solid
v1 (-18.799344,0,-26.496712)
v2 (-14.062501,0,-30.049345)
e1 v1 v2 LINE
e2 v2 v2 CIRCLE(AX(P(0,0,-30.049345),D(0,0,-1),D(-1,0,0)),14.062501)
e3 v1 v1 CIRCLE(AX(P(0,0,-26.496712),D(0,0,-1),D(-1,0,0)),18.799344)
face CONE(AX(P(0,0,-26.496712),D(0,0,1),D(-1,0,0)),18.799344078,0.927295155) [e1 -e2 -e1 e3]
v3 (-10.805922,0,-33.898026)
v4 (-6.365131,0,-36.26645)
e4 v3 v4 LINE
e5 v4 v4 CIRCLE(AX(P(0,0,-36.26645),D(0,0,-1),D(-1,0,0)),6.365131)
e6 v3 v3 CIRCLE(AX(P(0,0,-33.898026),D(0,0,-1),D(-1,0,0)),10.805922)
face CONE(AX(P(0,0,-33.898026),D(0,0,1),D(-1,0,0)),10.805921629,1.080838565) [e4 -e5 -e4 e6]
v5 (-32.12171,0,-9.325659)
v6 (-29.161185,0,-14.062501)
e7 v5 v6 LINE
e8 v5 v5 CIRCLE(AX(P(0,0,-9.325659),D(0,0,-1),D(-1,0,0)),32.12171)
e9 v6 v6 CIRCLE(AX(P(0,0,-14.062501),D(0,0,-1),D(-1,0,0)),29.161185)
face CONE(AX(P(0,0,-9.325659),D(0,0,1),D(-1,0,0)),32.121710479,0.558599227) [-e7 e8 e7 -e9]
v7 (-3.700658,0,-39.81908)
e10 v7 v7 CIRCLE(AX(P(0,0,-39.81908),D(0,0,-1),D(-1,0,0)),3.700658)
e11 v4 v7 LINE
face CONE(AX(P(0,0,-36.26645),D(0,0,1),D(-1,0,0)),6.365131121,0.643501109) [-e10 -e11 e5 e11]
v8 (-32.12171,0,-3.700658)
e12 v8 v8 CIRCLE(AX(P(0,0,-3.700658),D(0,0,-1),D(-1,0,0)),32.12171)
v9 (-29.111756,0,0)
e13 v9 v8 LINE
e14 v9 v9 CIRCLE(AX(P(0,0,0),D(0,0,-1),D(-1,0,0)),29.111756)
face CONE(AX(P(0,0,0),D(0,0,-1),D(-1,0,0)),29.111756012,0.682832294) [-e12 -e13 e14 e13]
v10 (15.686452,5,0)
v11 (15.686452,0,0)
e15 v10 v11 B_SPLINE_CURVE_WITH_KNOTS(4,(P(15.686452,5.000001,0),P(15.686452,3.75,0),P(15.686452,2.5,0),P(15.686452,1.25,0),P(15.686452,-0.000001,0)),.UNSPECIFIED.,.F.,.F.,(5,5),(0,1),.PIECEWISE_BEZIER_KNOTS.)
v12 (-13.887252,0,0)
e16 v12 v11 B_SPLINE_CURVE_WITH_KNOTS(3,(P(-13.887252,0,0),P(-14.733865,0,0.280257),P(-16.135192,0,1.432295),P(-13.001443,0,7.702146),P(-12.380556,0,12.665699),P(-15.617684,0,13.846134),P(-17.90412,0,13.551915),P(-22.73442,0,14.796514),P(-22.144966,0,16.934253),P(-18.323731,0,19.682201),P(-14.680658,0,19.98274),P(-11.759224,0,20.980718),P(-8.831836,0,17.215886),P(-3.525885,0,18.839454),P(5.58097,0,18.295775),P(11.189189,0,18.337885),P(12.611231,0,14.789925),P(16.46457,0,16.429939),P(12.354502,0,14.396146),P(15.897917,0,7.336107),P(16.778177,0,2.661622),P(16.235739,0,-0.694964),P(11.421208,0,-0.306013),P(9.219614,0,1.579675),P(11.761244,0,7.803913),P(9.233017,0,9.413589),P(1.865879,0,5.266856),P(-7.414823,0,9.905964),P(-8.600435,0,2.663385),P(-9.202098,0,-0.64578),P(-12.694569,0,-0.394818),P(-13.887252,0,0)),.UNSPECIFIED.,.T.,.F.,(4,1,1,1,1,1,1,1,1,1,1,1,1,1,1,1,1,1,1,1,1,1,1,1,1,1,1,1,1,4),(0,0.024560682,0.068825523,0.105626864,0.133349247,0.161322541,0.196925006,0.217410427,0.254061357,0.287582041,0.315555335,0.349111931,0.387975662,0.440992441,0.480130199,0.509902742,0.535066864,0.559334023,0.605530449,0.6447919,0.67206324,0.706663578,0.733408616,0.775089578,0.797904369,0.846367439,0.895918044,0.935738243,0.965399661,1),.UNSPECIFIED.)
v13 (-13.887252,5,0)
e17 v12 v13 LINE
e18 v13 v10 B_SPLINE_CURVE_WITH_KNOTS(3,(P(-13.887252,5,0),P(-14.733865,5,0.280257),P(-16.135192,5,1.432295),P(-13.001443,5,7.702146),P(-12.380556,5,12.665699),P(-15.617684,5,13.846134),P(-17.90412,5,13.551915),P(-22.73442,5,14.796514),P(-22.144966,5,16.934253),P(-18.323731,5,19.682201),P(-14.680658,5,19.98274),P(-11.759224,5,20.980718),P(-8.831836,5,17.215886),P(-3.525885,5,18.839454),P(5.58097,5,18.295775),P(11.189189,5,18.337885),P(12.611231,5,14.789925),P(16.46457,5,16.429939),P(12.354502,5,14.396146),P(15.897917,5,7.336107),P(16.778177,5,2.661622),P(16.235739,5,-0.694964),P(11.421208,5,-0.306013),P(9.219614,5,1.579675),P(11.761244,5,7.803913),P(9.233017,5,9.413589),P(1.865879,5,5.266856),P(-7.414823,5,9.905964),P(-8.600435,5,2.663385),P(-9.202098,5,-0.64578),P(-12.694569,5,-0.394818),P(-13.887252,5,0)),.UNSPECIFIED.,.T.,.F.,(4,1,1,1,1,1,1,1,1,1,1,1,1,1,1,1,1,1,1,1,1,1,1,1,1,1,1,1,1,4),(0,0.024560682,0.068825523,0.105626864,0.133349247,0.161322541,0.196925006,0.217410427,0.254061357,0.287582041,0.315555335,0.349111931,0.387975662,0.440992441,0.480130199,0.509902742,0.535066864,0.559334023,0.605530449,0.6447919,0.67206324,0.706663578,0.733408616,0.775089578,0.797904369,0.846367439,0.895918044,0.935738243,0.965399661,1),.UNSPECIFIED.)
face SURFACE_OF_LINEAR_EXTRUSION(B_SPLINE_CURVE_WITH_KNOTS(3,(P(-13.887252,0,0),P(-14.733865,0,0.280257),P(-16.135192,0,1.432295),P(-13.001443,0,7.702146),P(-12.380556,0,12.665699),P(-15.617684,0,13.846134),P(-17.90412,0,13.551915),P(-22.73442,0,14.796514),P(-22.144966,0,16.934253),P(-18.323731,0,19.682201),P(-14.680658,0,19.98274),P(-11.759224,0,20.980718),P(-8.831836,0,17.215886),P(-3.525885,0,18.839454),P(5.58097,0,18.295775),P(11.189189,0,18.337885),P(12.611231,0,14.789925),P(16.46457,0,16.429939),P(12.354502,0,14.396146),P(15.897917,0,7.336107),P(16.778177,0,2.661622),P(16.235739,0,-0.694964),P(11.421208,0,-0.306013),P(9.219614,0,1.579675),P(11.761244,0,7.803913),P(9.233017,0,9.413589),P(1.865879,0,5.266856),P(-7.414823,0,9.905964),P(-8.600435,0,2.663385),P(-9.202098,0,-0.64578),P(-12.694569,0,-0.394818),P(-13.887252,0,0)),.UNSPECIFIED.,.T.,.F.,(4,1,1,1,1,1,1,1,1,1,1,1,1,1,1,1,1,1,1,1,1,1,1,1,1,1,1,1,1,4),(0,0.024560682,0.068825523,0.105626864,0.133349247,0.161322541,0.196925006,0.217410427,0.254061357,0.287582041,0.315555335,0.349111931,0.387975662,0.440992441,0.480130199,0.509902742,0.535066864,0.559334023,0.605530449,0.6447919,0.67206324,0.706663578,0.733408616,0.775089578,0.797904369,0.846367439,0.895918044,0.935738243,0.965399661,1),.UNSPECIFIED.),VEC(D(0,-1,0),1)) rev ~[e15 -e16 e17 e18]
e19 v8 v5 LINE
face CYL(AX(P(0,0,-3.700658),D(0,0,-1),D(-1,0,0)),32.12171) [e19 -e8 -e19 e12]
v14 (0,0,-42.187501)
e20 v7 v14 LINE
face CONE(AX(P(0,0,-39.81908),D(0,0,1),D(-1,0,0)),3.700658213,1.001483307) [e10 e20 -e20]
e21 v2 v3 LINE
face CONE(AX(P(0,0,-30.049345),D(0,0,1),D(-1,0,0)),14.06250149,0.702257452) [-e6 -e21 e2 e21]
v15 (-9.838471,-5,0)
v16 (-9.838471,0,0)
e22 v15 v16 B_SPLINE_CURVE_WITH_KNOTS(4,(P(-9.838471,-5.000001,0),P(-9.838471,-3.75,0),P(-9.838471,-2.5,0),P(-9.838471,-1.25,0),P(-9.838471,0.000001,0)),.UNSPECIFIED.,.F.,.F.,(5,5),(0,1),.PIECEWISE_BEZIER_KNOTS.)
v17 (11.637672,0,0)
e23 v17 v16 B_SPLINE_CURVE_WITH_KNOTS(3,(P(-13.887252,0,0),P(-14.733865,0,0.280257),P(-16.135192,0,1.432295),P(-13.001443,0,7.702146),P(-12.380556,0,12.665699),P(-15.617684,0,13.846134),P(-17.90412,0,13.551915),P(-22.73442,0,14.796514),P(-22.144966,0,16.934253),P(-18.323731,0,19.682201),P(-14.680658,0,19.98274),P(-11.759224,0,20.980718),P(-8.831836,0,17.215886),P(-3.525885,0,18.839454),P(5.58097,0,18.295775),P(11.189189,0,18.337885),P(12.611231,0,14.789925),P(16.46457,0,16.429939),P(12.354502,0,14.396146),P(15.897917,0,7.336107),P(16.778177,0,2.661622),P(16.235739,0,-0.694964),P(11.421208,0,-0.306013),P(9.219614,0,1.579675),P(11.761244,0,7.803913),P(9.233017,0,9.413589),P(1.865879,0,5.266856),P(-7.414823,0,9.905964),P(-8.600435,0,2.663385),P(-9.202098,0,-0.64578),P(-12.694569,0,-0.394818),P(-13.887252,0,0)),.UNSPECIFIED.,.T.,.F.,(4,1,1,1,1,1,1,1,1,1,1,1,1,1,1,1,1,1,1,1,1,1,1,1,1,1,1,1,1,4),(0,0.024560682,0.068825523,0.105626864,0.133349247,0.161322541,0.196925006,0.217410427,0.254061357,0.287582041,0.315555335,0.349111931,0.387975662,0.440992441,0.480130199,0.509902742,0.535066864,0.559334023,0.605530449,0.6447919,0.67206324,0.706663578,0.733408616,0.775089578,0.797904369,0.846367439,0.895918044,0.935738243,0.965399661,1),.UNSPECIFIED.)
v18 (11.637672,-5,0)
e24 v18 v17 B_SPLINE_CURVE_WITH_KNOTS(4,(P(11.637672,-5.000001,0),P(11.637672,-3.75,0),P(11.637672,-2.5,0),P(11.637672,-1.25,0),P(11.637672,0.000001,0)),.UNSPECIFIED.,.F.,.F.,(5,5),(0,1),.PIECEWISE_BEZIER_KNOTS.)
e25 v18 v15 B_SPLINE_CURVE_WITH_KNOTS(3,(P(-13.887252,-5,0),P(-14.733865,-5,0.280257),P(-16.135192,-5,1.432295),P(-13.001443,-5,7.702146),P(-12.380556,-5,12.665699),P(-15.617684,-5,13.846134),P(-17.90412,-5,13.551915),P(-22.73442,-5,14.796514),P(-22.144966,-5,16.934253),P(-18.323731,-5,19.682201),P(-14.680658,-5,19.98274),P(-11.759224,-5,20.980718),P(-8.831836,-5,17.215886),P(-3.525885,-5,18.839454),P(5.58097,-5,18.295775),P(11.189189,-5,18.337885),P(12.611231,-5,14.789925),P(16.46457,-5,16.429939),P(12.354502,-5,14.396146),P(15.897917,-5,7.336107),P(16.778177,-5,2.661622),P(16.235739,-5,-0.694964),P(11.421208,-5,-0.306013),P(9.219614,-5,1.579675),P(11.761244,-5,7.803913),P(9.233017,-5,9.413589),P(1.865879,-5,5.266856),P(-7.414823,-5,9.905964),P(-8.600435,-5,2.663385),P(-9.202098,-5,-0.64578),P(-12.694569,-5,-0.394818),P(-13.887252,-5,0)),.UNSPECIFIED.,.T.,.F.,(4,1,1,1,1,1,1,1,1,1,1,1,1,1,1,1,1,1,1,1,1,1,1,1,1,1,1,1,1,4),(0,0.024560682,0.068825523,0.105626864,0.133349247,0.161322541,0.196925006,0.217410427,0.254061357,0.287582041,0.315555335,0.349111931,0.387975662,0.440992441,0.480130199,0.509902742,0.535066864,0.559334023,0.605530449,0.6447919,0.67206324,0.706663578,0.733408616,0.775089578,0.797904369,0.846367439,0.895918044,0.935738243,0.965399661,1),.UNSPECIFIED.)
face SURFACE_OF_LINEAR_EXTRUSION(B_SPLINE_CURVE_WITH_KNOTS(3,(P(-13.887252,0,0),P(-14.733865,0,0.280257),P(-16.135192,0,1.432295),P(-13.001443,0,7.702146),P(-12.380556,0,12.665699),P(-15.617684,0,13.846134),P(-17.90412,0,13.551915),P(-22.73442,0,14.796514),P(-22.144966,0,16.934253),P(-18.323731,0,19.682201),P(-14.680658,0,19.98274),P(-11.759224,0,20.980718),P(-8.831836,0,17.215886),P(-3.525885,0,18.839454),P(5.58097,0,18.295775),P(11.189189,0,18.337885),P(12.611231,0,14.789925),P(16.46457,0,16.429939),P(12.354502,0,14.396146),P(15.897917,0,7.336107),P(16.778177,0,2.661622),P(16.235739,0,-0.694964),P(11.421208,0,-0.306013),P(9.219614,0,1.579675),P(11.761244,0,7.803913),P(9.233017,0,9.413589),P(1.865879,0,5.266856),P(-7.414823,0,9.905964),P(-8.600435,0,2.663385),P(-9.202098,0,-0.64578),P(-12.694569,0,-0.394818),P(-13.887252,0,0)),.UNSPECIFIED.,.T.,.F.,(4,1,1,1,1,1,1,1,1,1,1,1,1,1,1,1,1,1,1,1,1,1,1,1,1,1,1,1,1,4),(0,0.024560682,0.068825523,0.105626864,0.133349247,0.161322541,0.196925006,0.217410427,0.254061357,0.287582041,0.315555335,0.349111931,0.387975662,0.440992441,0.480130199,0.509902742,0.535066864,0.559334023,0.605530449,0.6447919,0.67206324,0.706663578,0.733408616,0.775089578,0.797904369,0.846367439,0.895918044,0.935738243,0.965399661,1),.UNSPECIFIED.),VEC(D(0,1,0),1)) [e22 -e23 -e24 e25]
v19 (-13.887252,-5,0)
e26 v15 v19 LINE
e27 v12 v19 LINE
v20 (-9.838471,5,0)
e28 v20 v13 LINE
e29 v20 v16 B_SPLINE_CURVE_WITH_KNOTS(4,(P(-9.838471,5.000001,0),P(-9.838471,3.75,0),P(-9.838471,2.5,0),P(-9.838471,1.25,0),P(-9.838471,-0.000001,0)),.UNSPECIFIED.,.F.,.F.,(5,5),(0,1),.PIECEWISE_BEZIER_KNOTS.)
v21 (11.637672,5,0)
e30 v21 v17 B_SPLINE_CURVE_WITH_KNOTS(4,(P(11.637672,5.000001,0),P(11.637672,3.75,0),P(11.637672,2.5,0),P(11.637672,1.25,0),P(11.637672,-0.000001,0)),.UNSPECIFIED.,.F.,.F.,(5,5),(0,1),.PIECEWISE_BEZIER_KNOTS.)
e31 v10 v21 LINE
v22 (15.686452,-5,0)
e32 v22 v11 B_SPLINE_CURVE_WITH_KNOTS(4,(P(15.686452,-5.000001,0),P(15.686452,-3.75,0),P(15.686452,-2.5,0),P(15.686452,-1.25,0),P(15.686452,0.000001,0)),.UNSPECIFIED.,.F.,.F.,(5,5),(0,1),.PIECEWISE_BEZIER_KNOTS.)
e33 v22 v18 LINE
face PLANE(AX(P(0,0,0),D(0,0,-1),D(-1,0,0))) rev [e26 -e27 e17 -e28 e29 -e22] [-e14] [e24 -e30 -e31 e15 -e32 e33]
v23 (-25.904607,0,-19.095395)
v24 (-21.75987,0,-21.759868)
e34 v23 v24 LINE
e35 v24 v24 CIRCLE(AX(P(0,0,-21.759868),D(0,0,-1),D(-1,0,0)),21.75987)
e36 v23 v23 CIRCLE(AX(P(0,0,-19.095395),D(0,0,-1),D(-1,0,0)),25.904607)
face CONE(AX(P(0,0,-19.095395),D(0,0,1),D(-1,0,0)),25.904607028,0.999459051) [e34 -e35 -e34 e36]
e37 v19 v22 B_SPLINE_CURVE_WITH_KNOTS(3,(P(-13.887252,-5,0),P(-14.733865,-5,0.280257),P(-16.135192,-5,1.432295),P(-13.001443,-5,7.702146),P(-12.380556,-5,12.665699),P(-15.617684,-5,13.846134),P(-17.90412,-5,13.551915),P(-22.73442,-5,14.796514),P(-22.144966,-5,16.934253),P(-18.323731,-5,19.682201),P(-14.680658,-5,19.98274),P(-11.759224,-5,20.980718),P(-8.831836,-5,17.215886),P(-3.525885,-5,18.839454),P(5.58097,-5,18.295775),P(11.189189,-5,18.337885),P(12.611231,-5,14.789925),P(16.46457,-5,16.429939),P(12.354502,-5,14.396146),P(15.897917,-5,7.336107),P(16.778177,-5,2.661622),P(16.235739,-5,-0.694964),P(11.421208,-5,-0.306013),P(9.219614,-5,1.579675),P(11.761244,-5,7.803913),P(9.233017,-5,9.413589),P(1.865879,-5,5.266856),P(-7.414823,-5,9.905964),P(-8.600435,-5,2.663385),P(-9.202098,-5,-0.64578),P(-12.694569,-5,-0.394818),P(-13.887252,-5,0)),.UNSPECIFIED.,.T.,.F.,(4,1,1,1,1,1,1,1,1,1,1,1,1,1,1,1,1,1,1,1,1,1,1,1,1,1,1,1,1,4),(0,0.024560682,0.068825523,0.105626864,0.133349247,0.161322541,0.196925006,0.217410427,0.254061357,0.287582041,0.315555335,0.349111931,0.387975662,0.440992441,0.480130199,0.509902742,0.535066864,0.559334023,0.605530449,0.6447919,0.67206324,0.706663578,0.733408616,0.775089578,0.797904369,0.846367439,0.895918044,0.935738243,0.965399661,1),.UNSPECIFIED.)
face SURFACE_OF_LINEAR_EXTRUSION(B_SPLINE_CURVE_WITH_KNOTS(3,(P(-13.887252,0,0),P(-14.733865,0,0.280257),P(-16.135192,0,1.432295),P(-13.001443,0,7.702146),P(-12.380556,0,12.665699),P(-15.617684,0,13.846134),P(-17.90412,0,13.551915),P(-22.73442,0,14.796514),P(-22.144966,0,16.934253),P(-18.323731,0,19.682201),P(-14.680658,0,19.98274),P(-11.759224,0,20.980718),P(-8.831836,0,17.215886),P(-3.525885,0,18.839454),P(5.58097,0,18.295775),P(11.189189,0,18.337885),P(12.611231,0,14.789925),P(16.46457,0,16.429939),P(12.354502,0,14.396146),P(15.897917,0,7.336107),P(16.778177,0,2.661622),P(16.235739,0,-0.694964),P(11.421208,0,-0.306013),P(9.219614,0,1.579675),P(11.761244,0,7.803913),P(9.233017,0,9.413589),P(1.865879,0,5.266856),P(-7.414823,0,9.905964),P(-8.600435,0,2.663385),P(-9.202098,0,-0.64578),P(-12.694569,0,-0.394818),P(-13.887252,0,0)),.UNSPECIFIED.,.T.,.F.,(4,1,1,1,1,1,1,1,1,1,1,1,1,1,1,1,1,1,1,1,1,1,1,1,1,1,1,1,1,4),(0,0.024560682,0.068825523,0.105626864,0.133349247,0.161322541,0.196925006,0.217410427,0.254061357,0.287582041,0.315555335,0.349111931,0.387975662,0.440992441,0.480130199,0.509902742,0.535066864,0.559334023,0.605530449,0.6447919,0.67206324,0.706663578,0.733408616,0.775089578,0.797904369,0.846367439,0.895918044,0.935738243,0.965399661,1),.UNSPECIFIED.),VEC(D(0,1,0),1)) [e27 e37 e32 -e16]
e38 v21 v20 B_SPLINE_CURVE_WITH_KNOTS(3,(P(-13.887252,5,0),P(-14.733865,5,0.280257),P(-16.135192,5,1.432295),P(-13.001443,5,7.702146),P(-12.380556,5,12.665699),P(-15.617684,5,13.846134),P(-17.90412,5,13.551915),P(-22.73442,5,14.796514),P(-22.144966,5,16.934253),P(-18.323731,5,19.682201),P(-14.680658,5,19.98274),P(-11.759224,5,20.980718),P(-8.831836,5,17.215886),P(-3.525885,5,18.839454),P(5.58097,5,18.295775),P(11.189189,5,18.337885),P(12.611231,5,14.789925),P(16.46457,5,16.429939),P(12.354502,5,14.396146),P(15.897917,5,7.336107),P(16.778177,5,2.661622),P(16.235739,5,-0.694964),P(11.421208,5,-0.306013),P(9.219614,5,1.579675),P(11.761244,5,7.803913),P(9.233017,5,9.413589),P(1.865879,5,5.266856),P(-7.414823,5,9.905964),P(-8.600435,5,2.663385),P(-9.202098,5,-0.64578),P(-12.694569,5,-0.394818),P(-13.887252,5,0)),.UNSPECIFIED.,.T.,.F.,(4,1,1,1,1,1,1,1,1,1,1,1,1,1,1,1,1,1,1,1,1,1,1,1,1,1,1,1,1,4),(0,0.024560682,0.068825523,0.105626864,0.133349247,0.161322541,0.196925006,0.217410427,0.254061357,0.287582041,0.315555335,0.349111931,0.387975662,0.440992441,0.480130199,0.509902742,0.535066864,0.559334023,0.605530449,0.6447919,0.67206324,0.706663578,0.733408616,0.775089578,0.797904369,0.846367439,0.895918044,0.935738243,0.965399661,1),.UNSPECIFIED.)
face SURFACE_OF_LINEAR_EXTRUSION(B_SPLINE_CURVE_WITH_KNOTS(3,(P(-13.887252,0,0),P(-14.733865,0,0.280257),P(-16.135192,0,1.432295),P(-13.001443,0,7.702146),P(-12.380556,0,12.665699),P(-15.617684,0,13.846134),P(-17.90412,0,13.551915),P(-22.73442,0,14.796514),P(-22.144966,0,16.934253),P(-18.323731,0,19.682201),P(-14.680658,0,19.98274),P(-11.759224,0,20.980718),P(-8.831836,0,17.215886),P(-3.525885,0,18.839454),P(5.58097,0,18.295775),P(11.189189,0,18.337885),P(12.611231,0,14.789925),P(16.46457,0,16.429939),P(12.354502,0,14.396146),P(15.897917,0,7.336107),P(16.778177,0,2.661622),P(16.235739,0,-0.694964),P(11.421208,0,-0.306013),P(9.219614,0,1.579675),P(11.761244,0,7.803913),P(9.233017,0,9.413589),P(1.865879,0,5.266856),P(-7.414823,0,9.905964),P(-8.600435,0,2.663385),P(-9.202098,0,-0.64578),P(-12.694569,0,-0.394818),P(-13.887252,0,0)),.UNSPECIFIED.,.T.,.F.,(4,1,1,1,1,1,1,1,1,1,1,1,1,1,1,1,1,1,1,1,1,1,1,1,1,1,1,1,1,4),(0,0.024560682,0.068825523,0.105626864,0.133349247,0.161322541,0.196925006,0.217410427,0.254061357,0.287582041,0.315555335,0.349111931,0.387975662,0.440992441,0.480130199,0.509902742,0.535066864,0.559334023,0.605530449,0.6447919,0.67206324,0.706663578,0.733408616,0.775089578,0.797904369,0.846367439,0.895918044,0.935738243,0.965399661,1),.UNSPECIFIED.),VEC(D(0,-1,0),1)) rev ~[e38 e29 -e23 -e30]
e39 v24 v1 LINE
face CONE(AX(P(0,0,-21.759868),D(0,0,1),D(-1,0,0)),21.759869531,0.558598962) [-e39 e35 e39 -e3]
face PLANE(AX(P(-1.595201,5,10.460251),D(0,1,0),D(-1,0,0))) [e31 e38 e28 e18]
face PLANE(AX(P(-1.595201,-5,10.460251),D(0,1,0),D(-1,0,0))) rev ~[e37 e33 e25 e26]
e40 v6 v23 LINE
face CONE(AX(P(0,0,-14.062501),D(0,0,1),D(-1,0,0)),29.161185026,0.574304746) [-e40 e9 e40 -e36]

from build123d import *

# Parameters (mm, degrees)
F3_DEPTH = 5


with BuildPart() as f1:
    # F0 (on Front) → F1 (revolve)
    with BuildSketch(Plane.XZ):
        Polygon((0, -42.1875007451), (0, 0), (-29.1117560118, 0), (-32.1217104793, -3.7006579805), (-32.1217104793, -9.3256589025), (-29.1611850262, -14.0625005588), (-25.9046070278, -19.0953947604), (-21.7598695308, -21.7598676682), (-18.7993440777, -26.4967121184), (-14.0625014901, -30.0493445247), (-10.8059216291, -33.8980257511), (-6.3651311211, -36.2664498389), (-3.7006582133, -39.8190803826), align=None)
    revolve(axis=Axis((0, 0, -21.0937503725), (0, 0, -1)))

    # F2 (on Front) → F3 (join, symmetric)
    with BuildSketch(Plane.XZ):
        with BuildLine():
            add(Edge.make_bspline(
                [(-13.8872517273, 0), (-14.7338649614, 0.2802574691), (-16.1351915345, 1.4322954203), (-13.0014427194, 7.7021457808), (-12.3805560981, 12.6656989052), (-15.6176840346, 13.8461338075), (-17.9041195375, 13.5519152703), (-22.734419669, 14.7965138251), (-22.1449656487, 16.934252702), (-18.3237309805, 19.6822005292), (-14.6806580538, 19.9827396299), (-11.759223559, 20.9807181202), (-8.8318360081, 17.2158861642), (-3.5258851154, 18.839454398), (5.5809702926, 18.2957749428), (11.1891892578, 18.3378849068), (12.6112313588, 14.7899245916), (16.4645700034, 16.4299385449), (12.3545024601, 14.3961462287), (15.8979166002, 7.3361068946), (16.778176684, 2.66162229), (16.2357392123, -0.6949636071), (11.4212076259, -0.306012796), (9.2196139667, 1.5796745992), (11.7612442012, 7.8039128899), (9.2330167304, 9.4135894653), (1.8658788535, 5.2668562206), (-7.4148227651, 9.9059643887), (-8.6004345998, 2.6633851749), (-9.2020979185, -0.6457797444), (-12.6945688648, -0.3948181614), (-13.8872517273, 0)],
                knots=[0, 0, 0, 0, 0.0245606821, 0.0688255229, 0.1056268639, 0.1333492467, 0.1613225413, 0.1969250057, 0.2174104268, 0.2540613569, 0.287582041, 0.3155553352, 0.349111931, 0.3879756615, 0.4409924406, 0.4801301992, 0.5099027423, 0.5350668644, 0.5593340228, 0.6055304493, 0.6447919004, 0.6720632396, 0.7066635784, 0.7334086155, 0.775089578, 0.7979043693, 0.846367439, 0.8959180435, 0.9357382432, 0.9653996612, 1, 1, 1, 1], degree=3))
        make_face()
    extrude(amount=F3_DEPTH, both=True)


solid = f1.part
